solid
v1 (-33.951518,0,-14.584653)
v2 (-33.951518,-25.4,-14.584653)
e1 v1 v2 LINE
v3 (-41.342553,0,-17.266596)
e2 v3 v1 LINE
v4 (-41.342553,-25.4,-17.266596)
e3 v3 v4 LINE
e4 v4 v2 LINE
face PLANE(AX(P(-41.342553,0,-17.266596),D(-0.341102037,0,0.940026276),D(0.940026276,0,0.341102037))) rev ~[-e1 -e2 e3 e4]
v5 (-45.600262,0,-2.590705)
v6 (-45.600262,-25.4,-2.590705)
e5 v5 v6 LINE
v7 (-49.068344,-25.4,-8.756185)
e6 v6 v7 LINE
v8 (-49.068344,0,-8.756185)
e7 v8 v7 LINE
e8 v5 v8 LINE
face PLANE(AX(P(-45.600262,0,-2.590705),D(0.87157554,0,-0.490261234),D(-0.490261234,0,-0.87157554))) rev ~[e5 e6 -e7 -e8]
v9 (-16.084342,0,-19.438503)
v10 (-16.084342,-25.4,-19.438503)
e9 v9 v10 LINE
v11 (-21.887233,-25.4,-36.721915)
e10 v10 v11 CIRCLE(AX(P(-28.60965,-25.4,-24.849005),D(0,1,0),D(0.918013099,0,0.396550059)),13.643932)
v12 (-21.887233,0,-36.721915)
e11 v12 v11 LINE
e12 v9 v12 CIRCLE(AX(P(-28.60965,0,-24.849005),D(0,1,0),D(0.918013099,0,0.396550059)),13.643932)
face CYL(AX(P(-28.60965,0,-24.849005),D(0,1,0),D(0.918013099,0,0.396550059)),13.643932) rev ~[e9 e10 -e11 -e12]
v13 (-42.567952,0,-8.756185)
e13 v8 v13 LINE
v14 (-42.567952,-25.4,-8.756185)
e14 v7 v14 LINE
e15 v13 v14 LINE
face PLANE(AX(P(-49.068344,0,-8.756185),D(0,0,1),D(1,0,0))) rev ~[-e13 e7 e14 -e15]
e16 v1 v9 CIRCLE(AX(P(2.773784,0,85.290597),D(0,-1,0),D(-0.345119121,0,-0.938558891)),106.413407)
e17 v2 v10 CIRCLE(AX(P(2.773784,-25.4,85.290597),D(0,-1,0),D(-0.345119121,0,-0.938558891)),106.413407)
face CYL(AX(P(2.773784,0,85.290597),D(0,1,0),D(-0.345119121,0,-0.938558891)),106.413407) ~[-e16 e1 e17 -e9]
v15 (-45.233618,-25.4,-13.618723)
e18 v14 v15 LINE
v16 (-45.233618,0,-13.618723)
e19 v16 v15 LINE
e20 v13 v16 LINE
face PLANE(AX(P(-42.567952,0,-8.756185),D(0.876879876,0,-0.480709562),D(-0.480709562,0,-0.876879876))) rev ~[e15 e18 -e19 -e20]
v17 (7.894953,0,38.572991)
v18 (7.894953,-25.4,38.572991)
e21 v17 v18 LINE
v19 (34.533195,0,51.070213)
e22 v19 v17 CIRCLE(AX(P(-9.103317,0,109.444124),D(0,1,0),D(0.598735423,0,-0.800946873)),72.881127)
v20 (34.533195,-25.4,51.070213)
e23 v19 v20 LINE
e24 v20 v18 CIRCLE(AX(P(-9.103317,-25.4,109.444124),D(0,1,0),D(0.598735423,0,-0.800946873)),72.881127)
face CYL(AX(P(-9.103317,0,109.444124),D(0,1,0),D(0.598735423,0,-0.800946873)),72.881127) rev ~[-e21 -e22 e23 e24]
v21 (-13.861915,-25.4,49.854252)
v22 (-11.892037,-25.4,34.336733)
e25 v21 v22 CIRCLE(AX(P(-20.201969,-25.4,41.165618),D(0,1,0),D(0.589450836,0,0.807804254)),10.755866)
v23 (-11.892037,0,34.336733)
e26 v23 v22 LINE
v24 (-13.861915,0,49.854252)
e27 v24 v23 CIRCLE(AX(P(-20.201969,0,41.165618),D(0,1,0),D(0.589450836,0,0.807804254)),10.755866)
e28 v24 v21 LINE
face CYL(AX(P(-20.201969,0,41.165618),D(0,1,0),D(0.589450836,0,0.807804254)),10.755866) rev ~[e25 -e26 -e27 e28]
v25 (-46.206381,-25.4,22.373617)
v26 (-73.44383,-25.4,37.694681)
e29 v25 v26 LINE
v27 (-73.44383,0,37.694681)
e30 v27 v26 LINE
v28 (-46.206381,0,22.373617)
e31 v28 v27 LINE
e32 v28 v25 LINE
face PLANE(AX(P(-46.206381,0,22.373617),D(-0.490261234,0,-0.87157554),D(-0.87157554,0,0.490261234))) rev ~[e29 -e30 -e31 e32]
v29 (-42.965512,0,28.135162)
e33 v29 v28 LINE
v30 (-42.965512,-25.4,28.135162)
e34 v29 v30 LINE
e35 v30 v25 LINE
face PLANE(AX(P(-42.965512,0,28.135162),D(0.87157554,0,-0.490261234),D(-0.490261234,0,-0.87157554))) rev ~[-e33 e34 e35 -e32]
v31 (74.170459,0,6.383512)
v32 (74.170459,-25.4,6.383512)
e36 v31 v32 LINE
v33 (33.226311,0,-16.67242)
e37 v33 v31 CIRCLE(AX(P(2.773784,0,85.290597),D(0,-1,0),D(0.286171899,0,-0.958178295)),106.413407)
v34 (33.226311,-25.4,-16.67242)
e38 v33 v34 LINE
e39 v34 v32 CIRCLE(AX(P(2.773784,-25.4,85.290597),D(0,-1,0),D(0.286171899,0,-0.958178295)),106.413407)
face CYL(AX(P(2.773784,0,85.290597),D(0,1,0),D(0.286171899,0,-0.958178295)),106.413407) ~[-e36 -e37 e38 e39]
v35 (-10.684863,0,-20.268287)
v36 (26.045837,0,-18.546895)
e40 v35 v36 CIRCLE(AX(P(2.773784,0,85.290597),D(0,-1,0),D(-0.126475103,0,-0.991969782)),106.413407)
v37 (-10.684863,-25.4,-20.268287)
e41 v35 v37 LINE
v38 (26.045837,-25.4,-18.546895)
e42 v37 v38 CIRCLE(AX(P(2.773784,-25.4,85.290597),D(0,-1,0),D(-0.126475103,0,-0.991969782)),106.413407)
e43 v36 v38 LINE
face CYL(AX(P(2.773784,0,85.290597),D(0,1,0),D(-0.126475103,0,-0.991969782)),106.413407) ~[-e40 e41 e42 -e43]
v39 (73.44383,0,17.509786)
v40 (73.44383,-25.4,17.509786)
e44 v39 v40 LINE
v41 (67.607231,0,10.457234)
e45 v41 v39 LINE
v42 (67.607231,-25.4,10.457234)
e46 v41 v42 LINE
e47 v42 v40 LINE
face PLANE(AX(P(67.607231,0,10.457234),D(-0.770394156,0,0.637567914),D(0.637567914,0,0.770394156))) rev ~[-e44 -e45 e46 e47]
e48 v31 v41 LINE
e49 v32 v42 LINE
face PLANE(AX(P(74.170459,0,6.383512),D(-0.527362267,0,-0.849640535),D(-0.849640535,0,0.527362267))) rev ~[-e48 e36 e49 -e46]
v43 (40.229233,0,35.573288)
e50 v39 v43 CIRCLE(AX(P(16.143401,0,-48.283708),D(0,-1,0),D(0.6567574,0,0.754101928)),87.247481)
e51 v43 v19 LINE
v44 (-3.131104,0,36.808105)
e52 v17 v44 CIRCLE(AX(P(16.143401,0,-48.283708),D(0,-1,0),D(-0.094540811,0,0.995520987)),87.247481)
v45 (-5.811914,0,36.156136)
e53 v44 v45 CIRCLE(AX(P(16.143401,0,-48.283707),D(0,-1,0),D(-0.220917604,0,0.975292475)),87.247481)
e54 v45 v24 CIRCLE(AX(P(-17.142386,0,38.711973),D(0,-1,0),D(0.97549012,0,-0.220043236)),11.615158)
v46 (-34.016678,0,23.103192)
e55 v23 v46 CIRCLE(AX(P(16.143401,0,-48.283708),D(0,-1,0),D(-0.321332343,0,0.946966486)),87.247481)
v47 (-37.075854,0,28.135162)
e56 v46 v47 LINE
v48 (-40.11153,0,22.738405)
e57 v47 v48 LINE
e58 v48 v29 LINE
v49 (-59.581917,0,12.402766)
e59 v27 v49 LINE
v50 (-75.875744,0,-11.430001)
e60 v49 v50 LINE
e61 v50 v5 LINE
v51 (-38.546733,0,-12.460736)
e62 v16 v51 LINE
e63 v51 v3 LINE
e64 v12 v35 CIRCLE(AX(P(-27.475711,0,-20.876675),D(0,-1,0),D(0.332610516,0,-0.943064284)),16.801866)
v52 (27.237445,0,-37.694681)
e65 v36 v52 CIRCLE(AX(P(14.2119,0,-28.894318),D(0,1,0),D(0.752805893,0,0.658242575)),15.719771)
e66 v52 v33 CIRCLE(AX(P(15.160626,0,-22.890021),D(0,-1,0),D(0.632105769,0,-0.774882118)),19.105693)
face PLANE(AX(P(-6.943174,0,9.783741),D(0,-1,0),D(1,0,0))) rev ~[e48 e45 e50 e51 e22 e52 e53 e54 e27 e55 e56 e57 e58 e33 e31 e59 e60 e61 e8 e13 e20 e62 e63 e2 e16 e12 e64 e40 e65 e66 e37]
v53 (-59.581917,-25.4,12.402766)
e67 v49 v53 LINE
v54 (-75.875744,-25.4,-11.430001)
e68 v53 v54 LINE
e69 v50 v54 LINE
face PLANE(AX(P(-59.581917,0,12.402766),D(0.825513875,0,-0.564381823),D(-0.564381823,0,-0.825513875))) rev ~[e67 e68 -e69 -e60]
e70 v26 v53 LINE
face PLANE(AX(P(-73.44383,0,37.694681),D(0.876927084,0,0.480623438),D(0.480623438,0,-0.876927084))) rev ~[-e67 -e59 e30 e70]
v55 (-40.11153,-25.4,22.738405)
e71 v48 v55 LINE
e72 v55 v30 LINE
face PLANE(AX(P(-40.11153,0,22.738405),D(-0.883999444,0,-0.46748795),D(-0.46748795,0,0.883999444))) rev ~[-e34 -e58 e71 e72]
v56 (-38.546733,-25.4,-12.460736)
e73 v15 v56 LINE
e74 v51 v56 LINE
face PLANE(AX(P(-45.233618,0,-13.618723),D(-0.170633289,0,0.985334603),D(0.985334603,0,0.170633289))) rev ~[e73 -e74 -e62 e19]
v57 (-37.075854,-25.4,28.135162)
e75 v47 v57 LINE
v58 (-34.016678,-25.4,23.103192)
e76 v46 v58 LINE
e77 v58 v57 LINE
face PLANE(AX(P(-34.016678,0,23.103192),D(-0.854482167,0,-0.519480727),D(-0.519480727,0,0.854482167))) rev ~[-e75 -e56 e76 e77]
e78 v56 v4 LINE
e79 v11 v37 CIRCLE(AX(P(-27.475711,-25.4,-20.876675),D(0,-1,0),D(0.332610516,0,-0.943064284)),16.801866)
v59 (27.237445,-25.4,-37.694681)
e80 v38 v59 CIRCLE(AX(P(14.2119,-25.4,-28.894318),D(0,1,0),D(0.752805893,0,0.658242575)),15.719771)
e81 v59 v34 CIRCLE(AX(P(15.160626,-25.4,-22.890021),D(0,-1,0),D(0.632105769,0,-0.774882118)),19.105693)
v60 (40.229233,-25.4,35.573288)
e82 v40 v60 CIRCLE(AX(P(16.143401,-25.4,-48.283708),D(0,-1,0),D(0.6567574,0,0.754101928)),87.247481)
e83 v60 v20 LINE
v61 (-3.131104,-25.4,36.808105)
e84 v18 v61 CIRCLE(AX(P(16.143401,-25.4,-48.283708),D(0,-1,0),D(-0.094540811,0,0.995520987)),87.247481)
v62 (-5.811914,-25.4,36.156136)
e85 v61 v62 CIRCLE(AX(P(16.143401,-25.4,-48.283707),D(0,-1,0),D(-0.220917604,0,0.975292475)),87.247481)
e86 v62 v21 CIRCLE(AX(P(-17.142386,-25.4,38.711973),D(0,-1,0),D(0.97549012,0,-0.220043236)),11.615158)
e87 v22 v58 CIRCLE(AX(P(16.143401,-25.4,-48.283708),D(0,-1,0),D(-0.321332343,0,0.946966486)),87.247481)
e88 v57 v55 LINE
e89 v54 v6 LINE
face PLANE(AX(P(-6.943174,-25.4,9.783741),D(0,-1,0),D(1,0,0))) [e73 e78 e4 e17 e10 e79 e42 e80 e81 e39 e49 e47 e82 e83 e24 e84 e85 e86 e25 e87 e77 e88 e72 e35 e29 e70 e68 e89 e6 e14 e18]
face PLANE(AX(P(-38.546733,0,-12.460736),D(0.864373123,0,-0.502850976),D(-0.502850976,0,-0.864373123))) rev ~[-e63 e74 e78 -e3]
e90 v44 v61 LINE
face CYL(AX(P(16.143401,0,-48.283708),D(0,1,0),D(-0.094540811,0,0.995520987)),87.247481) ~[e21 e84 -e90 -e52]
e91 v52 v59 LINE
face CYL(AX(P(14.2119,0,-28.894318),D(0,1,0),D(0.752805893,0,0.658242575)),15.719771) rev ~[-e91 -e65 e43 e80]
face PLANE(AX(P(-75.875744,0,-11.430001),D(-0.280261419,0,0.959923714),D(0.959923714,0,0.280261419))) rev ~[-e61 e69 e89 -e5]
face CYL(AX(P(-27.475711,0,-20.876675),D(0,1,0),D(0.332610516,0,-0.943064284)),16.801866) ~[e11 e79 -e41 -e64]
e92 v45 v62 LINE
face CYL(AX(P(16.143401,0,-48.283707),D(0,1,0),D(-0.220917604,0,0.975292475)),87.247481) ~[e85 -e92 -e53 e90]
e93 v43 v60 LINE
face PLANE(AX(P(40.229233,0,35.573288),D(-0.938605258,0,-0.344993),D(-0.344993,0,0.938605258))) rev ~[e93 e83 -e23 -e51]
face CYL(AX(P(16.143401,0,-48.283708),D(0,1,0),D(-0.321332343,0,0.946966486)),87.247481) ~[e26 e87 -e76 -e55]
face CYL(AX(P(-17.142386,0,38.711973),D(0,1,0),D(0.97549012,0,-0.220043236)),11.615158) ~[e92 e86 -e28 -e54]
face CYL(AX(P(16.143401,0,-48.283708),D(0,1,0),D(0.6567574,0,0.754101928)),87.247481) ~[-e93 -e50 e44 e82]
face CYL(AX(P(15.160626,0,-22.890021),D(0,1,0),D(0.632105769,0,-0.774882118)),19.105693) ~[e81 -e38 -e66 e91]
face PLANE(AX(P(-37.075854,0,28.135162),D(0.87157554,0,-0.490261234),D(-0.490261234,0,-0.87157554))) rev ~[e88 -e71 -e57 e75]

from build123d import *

# Parameters (mm, degrees)
F0_R     = 2.7728075116
F1_DEPTH = 25.4


with BuildPart() as f1:
    # F0 (on Front) → F1 (new body)
    with BuildSketch(Plane.XZ):
        with BuildLine():
            Line((-46.2063811719, 22.3736166954), (-73.4438300133, 37.6946814358))
            Line((-73.4438300133, 37.6946814358), (-59.5819167793, 12.4027663842))
            Line((-59.5819167793, 12.4027663842), (-75.8757442236, -11.4300008863))
            Line((-75.8757442236, -11.4300008863), (-45.6002619536, -2.5907051222))
            ThreePointArc((-45.6002619536, -2.5907051222), (-44.4025685397, -5.830070686), (-42.5679523522, -8.7561845276))
            ThreePointArc((-42.5679523522, -8.7561845276), (-40.7090131833, -10.7730955419), (-38.5467331667, -12.4607359072))
            ThreePointArc((-38.5467331667, -12.4607359072), (-37.5331692858, -13.0762341628), (-36.4787243307, -13.6187244207))
            ThreePointArc((-36.4787243307, -13.6187244207), (-35.218191008, -14.1097204461), (-33.9515178698, -14.5846525628))
            ThreePointArc((-33.9515178698, -14.5846525628), (-25.1236949217, -17.4009018565), (-16.0843420418, -19.4385027989))
            ThreePointArc((-16.0843420418, -19.4385027989), (-13.3899281297, -19.8880494602), (-10.6848629515, -20.2682874284))
            ThreePointArc((-10.6848629515, -20.2682874284), (7.7554033628, -21.0061419822), (26.0458368353, -18.5468952528))
            ThreePointArc((26.0458368353, -18.5468952528), (29.6524190677, -17.6722711402), (33.2263105994, -16.6724201227))
            ThreePointArc((33.2263105994, -16.6724201227), (54.9868951593, -7.4326700378), (74.1704591011, 6.3835123767))
            Line((74.1704591011, 6.3835123767), (67.6072314382, 10.4572335258))
            Line((67.6072314382, 10.4572335258), (73.4438300133, 17.5097864121))
            ThreePointArc((73.4438300133, 17.5097864121), (57.8267715443, 28.3623597624), (40.2292326492, 35.5732881621))
            ThreePointArc((40.2292326492, 35.5732881621), (24.2028822223, 38.5907293118), (7.8949533391, 38.5729912726))
            ThreePointArc((7.8949533391, 38.5729912726), (2.4157752889, 37.4790688574), (-3.1311035908, 36.8081045884))
            ThreePointArc((-3.1311035908, 36.8081045884), (-4.4740862067, 36.4927174845), (-5.8119143408, 36.1561358224))
            ThreePointArc((-5.8119143408, 36.1561358224), (-8.868524213, 35.3017374622), (-11.8920366653, 34.3367333588))
            ThreePointArc((-11.8920366653, 34.3367333588), (-23.3557486049, 29.5105094754), (-34.0166780636, 23.1031924486))
            Line((-34.0166780636, 23.1031924486), (-40.1115296178, 22.738404572))
            Line((-40.1115296178, 22.738404572), (-46.2063811719, 22.3736166954))
        make_face()
        with Locations((53.9885126054, 20.9144670516)):
            Circle(F0_R, mode=Mode.SUBTRACT)
        with BuildLine():
            ThreePointArc((34.5331951976, 51.0702133179), (21.8513167895, 43.4632987988), (7.8949533391, 38.5729912726))
            ThreePointArc((7.8949533391, 38.5729912726), (24.2028822223, 38.5907293118), (40.2292326492, 35.5732881621))
            Line((40.2292326492, 35.5732881621), (34.5331951976, 51.0702133179))
        make_face()
        with BuildLine():
            ThreePointArc((33.2263105994, -16.6724201227), (29.6524190677, -17.6722711402), (26.0458368353, -18.5468952528))
            ThreePointArc((26.0458368353, -18.5468952528), (29.9013197265, -27.9179314628), (27.237445116, -37.6946814358))
            ThreePointArc((27.237445116, -37.6946814358), (33.5352416657, -28.1246199246), (33.2263105994, -16.6724201227))
        make_face()
        with BuildLine():
            ThreePointArc((-10.6848629515, -20.2682874284), (-13.3899281297, -19.8880494602), (-16.0843420418, -19.4385027989))
            ThreePointArc((-16.0843420418, -19.4385027989), (-15.675284706, -29.1917075818), (-21.8872334808, -36.7219150066))
            ThreePointArc((-21.8872334808, -36.7219150066), (-13.5872618812, -30.3325564753), (-10.6848629515, -20.2682874284))
        make_face()
        with BuildLine():
            ThreePointArc((-13.8619150966, 49.8542524874), (-9.5317359626, 42.5201559061), (-11.8920366653, 34.3367333588))
            ThreePointArc((-11.8920366653, 34.3367333588), (-8.868524213, 35.3017374622), (-5.8119143408, 36.1561358224))
            ThreePointArc((-5.8119143408, 36.1561358224), (-7.128420184, 44.5969007804), (-13.8619150966, 49.8542524874))
        make_face()
        with Locations((53.9885126054, 20.9144670516)):
            Circle(F0_R)
        with BuildLine():
            ThreePointArc((-42.5679523522, -8.7561845276), (-44.4025685397, -5.830070686), (-45.6002619536, -2.5907051222))
            Line((-45.6002619536, -2.5907051222), (-49.0683440665, -8.7561845276))
            Line((-49.0683440665, -8.7561845276), (-42.5679523522, -8.7561845276))
        make_face()
        Polygon((-42.965512128, 28.13516175), (-46.2063811719, 22.3736166954), (-40.1115296178, 22.738404572), align=None)
        Polygon((-37.0758537513, 28.13516175), (-40.1115296178, 22.738404572), (-34.0166780636, 23.1031924486), align=None)
        with BuildLine():
            ThreePointArc((-38.5467331667, -12.4607359072), (-40.7090131833, -10.7730955419), (-42.5679523522, -8.7561845276))
            Line((-42.5679523522, -8.7561845276), (-45.233618468, -13.6187234893))
            Line((-45.233618468, -13.6187234893), (-38.5467331667, -12.4607359072))
        make_face()
        with BuildLine():
            ThreePointArc((-36.4787243307, -13.6187244207), (-37.5331692858, -13.0762341628), (-38.5467331667, -12.4607359072))
            Line((-38.5467331667, -12.4607359072), (-41.3425527513, -17.2665957361))
            Line((-41.3425527513, -17.2665957361), (-33.9515178698, -14.5846525628))
            ThreePointArc((-33.9515178698, -14.5846525628), (-35.218191008, -14.1097204461), (-36.4787243307, -13.6187244207))
        make_face()
        with BuildLine():
            ThreePointArc((7.8949533391, 38.5729912726), (2.3536609221, 37.8671258081), (-3.1311035908, 36.8081045884))
            ThreePointArc((-3.1311035908, 36.8081045884), (2.4157752889, 37.4790688574), (7.8949533391, 38.5729912726))
        make_face()
    extrude(amount=F1_DEPTH)


solid = f1.part
